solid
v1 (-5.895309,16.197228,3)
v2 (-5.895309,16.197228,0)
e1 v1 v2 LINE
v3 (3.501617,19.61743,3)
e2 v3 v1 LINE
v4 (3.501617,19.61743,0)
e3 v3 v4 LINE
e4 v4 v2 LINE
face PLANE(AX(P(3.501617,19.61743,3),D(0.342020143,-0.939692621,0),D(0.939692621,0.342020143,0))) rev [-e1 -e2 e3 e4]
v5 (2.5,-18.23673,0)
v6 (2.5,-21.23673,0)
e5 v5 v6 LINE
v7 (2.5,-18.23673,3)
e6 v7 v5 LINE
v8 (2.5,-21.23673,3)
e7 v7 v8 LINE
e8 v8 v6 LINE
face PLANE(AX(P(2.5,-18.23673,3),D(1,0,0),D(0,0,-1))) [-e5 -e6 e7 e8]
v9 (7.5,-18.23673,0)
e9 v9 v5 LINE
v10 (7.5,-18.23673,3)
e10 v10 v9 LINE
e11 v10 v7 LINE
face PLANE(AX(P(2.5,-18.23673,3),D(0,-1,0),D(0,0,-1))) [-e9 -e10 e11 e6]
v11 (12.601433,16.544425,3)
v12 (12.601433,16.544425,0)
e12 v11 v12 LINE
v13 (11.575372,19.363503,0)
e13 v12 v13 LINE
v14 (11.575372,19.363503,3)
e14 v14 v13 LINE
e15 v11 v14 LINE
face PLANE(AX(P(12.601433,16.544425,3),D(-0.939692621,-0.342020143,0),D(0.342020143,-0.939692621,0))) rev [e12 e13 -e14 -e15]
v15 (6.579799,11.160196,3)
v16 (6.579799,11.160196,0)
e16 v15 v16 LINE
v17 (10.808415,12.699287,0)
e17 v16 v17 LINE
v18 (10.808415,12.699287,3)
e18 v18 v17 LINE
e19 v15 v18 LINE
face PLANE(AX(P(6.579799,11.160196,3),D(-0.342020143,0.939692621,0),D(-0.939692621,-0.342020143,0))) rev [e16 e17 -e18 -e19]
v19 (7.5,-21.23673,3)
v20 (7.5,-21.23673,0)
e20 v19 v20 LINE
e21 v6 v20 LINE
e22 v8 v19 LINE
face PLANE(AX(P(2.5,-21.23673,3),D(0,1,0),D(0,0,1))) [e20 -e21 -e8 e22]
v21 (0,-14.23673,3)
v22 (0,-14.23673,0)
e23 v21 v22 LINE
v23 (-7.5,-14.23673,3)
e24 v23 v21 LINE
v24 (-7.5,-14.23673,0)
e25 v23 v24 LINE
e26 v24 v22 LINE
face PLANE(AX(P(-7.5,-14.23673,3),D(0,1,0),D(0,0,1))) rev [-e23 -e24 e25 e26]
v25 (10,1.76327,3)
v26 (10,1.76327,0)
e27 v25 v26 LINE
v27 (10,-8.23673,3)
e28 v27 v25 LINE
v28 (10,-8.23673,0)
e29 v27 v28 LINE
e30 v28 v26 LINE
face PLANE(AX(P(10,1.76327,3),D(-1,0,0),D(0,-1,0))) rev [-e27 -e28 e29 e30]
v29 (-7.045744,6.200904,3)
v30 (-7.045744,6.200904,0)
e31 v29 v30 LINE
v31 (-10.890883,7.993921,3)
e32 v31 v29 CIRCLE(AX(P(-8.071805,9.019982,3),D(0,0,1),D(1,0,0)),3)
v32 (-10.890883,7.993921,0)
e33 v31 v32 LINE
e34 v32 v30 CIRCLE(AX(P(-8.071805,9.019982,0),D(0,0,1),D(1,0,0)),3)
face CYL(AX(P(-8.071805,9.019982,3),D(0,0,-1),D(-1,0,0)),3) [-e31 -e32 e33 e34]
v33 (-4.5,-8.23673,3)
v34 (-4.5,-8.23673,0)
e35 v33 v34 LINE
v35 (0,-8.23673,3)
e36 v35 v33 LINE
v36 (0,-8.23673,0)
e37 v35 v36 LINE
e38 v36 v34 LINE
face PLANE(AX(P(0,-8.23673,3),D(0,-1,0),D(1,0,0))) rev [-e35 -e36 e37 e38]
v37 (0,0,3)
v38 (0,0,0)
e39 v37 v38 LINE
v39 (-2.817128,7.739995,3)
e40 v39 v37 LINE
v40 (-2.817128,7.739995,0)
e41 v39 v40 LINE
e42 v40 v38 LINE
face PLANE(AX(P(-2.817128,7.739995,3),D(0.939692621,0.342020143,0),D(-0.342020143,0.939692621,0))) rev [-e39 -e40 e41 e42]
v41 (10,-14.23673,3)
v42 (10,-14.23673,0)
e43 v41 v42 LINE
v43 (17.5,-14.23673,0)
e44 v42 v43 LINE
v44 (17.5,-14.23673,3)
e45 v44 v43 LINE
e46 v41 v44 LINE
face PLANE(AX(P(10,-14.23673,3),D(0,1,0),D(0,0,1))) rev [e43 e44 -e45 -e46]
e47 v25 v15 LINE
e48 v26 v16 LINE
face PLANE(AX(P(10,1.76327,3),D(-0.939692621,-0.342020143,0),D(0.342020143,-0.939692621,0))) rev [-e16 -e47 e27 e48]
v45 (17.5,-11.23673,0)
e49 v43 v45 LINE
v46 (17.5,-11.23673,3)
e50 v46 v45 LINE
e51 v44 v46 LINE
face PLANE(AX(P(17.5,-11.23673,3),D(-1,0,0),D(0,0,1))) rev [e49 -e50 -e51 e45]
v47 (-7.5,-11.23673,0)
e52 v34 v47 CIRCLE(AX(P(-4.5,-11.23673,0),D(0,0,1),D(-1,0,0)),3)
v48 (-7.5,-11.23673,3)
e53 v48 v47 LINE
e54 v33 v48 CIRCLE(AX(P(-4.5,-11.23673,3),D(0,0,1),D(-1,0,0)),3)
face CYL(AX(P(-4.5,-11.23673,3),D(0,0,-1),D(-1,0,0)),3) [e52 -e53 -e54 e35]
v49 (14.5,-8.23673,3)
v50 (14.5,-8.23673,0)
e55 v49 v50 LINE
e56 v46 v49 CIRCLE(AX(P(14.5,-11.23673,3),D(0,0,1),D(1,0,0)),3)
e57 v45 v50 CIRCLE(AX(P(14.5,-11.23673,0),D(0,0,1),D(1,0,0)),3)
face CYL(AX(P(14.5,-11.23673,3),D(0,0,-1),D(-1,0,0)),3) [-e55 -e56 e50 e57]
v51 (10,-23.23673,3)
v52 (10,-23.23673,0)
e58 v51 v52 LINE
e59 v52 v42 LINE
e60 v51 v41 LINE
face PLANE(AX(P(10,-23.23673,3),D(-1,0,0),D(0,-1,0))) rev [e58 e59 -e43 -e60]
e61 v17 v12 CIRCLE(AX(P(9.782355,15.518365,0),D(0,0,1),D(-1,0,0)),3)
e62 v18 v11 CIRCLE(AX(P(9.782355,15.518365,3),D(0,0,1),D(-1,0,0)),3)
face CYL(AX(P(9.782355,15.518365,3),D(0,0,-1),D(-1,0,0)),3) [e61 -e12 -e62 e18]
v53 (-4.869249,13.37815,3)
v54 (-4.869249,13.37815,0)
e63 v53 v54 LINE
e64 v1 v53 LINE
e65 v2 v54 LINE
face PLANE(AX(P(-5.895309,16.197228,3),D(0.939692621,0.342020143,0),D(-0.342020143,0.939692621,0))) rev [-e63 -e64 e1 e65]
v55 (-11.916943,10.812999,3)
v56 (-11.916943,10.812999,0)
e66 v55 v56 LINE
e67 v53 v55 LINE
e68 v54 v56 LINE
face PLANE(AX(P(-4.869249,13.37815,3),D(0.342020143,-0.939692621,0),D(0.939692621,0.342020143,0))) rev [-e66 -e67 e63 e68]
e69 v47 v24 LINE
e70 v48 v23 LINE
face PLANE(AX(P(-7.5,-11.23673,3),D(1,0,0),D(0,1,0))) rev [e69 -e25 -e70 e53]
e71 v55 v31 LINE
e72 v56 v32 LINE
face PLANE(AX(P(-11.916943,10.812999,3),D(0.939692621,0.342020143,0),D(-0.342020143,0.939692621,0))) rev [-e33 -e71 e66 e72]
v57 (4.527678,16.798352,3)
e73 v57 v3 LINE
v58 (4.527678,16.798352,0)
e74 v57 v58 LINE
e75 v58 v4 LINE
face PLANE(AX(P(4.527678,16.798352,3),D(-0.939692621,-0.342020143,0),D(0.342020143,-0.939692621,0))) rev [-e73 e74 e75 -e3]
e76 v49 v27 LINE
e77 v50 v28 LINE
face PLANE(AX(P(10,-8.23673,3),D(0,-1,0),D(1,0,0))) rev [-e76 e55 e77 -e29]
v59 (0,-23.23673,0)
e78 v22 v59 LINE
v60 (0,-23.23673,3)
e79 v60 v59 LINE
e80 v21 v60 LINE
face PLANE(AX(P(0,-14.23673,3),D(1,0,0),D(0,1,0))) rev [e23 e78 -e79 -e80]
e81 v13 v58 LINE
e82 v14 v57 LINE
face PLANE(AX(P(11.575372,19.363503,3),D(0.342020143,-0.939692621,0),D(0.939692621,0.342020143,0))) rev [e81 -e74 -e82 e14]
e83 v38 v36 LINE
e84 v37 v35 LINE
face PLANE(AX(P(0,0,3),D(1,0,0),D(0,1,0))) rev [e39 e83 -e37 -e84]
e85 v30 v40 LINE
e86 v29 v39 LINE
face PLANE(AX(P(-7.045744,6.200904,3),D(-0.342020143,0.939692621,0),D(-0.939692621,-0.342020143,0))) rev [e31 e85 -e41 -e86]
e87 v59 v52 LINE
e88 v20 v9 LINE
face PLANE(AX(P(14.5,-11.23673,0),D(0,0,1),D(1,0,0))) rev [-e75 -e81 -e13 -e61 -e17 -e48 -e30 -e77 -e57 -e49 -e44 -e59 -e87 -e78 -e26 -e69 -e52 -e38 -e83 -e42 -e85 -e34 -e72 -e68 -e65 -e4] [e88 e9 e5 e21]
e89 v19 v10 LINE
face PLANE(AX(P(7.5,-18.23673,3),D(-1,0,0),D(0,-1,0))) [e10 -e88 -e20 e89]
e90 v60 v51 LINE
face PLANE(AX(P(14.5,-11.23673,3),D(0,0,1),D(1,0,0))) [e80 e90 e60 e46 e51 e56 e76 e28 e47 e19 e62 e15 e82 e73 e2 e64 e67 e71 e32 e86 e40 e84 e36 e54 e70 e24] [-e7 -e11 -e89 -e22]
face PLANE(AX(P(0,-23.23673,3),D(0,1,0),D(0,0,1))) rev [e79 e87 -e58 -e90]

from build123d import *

# Parameters (mm, degrees)
SKETCH1_W           = 5
SKETCH1_H           = 3
BOSS_EXTRUDE1_DEPTH = 3


with BuildPart() as part:
    # Sketch1 → Boss-Extrude1 (new body)
    with BuildSketch(Plane.XY):
        with BuildLine():
            Line((0, -14.236730193), (0, -23.236730193))
            Line((0, -23.236730193), (10, -23.236730193))
            Line((10, -23.236730193), (10, -14.236730193))
            Line((10, -14.236730193), (17.5, -14.236730193))
            Line((17.5, -14.236730193), (17.5, -11.236730193))
            ThreePointArc((17.5, -11.236730193), (16.621320344, -9.115409849), (14.5, -8.236730193))
            Line((14.5, -8.236730193), (10, -8.236730193))
            Line((10, -8.236730193), (10, 1.763269807))
            Line((10, 1.763269807), (6.579798567, 11.160196015))
            Line((6.579798567, 11.160196015), (10.80841536, 12.69928666))
            ThreePointArc((10.80841536, 12.69928666), (12.501278291, 14.250509737), (12.601432793, 16.544424952))
            Line((12.601432793, 16.544424952), (11.575372363, 19.363502815))
            Line((11.575372363, 19.363502815), (4.527677707, 16.79835174))
            Line((4.527677707, 16.79835174), (3.501617277, 19.617429602))
            Line((3.501617277, 19.617429602), (-5.895308931, 16.197228169))
            Line((-5.895308931, 16.197228169), (-4.869248501, 13.378150306))
            Line((-4.869248501, 13.378150306), (-11.916943157, 10.812999231))
            Line((-11.916943157, 10.812999231), (-10.890882727, 7.993921369))
            ThreePointArc((-10.890882727, 7.993921369), (-9.33965965, 6.301058438), (-7.045744435, 6.200903937))
            Line((-7.045744435, 6.200903937), (-2.817127641, 7.739994582))
            Line((-2.817127641, 7.739994582), (0, 0))
            Line((0, 0), (0, -8.236730193))
            Line((0, -8.236730193), (-4.5, -8.236730193))
            ThreePointArc((-4.5, -8.236730193), (-6.621320344, -9.115409849), (-7.5, -11.236730193))
            Line((-7.5, -11.236730193), (-7.5, -14.236730193))
            Line((-7.5, -14.236730193), (0, -14.236730193))
        make_face()
        with Locations((5, -19.736730193)):
            Rectangle(SKETCH1_W, SKETCH1_H, mode=Mode.SUBTRACT)
    extrude(amount=BOSS_EXTRUDE1_DEPTH)


solid = part.part
